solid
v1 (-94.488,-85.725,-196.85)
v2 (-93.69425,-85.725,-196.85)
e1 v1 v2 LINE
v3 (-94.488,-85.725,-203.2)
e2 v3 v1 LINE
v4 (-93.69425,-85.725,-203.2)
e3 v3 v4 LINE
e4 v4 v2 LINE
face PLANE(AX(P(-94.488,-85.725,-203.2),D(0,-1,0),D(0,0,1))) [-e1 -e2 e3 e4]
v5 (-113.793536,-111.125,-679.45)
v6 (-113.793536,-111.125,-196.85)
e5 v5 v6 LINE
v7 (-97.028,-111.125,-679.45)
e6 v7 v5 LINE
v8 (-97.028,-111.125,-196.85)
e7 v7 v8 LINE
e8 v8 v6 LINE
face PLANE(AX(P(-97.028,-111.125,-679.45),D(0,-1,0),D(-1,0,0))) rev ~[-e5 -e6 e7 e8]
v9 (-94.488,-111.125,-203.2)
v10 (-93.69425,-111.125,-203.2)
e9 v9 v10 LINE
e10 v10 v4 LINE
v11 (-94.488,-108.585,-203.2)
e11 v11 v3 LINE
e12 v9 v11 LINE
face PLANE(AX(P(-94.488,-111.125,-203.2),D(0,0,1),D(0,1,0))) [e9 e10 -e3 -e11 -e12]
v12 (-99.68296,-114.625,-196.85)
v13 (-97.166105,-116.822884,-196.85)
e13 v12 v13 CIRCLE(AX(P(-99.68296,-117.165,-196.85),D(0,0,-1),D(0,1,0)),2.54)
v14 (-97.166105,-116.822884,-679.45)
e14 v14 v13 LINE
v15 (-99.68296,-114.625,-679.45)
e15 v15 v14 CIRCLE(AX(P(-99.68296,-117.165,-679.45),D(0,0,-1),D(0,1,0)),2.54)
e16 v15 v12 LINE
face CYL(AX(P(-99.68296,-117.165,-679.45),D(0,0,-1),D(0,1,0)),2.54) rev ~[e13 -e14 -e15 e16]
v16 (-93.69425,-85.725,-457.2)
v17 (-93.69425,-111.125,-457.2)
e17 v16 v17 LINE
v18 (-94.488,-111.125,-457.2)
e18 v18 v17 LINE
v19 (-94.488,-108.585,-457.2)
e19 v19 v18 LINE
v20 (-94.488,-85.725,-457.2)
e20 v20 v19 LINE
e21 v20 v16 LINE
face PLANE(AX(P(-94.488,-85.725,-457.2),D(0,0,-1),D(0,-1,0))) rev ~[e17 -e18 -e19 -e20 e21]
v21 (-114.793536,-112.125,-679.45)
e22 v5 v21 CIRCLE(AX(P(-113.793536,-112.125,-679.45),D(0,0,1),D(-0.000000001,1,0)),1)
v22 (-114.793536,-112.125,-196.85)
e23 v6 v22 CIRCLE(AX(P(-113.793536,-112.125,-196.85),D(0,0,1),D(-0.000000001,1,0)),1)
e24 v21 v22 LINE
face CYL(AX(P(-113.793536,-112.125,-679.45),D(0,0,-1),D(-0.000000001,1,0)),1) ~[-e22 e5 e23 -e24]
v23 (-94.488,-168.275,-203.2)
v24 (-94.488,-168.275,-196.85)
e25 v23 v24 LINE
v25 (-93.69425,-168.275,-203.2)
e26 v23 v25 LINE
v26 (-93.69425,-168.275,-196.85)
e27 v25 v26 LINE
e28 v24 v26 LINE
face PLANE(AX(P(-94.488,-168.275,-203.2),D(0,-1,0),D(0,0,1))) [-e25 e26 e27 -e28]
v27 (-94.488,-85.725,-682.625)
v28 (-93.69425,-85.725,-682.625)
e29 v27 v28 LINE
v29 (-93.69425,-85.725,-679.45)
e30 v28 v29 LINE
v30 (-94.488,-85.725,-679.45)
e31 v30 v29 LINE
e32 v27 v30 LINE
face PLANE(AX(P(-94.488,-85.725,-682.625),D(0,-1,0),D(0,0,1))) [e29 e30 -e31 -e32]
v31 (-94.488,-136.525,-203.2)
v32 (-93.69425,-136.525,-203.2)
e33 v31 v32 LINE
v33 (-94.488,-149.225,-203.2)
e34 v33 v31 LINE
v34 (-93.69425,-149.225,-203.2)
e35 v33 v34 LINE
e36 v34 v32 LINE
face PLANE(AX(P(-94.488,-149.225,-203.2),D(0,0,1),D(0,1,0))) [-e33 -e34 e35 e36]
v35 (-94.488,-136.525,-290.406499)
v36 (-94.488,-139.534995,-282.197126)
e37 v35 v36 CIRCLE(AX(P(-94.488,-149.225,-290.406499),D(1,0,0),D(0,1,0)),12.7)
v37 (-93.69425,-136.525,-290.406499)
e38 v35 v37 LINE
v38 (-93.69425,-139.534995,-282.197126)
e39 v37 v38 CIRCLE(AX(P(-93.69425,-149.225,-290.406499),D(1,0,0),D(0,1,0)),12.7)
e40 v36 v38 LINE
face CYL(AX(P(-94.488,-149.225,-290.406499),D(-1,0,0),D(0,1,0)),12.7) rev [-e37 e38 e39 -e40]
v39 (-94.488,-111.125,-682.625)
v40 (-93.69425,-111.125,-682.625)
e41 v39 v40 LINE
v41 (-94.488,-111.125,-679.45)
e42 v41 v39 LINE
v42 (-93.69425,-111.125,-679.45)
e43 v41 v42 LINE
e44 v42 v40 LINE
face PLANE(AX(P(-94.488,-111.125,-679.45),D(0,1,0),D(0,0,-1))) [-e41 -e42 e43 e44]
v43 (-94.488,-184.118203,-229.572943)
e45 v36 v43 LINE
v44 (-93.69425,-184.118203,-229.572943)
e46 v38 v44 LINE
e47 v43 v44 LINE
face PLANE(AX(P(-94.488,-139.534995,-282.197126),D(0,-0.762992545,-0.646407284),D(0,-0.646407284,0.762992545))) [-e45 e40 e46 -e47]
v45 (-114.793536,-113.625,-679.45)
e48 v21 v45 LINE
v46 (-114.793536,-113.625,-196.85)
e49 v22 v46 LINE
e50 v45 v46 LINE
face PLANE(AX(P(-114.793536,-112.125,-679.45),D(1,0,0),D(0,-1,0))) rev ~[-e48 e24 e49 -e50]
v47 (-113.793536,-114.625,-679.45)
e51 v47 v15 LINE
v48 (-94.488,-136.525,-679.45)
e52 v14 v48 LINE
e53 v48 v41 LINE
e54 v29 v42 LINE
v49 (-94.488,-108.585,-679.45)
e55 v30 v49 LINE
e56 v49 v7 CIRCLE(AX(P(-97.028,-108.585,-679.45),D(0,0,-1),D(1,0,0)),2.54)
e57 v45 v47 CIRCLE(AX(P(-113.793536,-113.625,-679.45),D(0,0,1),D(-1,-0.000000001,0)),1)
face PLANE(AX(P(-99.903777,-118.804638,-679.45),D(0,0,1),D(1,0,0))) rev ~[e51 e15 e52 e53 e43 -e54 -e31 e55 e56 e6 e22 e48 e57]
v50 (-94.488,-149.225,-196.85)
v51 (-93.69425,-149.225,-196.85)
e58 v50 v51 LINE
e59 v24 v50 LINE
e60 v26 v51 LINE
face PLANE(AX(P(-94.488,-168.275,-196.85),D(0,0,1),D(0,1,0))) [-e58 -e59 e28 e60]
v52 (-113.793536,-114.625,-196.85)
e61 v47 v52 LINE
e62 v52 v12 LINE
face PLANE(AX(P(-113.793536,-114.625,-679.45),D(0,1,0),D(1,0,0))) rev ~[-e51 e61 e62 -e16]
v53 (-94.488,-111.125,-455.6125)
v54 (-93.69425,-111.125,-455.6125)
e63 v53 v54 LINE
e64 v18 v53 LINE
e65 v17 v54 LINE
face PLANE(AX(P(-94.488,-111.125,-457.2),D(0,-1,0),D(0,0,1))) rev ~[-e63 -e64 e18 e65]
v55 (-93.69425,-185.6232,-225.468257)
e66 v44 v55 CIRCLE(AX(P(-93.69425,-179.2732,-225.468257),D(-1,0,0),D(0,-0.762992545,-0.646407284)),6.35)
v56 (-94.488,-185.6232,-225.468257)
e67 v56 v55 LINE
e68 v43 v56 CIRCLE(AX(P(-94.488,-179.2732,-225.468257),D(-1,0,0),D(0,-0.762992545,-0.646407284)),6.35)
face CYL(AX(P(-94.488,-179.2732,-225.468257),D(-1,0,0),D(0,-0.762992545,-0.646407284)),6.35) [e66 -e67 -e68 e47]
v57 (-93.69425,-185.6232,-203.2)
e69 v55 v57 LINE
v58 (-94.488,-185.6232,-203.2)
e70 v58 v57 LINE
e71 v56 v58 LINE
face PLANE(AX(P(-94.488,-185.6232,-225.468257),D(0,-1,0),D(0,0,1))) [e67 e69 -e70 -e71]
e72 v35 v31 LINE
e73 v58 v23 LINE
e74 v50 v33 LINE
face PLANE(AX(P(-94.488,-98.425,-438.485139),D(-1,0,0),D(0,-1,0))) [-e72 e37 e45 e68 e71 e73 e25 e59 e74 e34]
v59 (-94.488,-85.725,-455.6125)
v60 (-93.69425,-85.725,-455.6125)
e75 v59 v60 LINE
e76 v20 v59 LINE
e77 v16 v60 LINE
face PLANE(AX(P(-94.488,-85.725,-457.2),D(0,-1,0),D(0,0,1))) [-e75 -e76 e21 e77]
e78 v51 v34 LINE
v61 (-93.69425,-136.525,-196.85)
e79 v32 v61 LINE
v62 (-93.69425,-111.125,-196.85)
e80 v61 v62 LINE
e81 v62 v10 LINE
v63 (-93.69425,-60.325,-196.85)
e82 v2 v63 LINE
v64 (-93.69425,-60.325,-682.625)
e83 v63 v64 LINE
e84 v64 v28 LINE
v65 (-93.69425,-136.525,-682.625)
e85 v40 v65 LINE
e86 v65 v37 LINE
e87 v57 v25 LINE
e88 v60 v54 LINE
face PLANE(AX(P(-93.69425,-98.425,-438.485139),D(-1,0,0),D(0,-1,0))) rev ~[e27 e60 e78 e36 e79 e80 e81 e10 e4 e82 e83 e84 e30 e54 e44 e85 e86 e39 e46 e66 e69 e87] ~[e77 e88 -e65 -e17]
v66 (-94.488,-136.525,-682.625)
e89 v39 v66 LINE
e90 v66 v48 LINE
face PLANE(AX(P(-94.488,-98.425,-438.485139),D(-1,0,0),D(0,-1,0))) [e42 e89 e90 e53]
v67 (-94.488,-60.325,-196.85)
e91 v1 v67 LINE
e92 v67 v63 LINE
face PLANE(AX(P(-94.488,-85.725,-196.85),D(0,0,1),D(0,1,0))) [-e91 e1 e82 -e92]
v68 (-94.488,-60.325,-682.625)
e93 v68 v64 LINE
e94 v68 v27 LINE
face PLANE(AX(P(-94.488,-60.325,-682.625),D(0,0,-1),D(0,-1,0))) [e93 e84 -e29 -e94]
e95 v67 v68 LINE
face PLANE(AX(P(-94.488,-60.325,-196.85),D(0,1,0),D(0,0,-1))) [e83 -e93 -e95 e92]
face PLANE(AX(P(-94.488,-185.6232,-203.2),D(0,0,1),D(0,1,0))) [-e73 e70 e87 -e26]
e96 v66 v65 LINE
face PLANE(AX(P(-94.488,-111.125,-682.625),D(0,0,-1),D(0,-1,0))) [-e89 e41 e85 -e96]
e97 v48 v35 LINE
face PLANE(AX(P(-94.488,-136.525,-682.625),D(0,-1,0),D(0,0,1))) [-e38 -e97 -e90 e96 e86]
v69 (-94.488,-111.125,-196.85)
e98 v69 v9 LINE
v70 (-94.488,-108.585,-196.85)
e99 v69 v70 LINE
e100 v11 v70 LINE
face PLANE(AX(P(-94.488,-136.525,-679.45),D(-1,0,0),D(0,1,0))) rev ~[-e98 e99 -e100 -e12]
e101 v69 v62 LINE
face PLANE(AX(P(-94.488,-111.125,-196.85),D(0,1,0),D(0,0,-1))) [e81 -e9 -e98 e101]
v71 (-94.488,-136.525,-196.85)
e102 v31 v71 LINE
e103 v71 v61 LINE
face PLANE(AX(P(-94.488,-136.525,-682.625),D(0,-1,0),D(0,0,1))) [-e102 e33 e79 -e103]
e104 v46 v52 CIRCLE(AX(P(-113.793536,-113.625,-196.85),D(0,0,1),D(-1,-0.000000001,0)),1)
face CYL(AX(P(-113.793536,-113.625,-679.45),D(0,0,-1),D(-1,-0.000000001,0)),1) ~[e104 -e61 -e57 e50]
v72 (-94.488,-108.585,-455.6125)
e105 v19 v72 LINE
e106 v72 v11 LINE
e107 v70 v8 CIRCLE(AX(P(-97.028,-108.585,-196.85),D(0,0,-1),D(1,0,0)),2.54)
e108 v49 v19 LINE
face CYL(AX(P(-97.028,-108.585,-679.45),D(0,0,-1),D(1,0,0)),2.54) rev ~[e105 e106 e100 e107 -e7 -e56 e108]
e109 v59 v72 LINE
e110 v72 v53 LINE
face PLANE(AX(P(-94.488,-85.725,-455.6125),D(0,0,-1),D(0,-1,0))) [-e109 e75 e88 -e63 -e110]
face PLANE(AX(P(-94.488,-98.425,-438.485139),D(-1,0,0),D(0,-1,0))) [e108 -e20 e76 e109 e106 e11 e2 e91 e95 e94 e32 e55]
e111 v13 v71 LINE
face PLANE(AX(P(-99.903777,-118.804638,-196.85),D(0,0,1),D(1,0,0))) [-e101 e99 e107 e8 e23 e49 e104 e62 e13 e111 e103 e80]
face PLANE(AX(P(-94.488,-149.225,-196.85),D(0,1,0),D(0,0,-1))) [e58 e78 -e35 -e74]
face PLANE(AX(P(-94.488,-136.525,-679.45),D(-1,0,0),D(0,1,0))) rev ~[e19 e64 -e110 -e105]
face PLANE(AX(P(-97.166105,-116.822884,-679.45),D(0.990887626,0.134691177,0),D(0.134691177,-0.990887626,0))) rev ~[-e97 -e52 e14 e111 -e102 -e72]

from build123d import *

# Parameters (mm, degrees)
SKETCH1_W           = 25.4
SKETCH1_H           = 1.5875
BOSS_EXTRUDE1_DEPTH = 0.79375
BOSS_EXTRUDE2_DEPTH = 482.6


with BuildPart() as part:
    # Sketch1 → Boss-Extrude1 (new body)
    # profile 1 of 2: a face of its own
    with BuildSketch(Plane(origin=(-94.488, 0, 0), x_dir=(0, -1, 0), z_dir=(-1, 0, 0))):
        Polygon((136.525, -196.85), (111.125, -196.85), (111.125, -203.2), (85.725, -203.2), (85.725, -196.85), (60.325, -196.85), (60.325, -682.625), (85.725, -682.625), (85.725, -679.45), (111.125, -679.45), (111.125, -682.625), (136.525, -682.625), align=None)
        with Locations((98.425, -456.40625)):
            Rectangle(SKETCH1_W, SKETCH1_H, mode=Mode.SUBTRACT)
    # profile 2 of 2: a face of its own
    with BuildSketch(Plane(origin=(-94.488, 0, 0), x_dir=(0, -1, 0), z_dir=(-1, 0, 0))):
        with BuildLine():
            Line((149.225, -203.2), (136.525, -203.2))
            Line((136.525, -203.2), (136.525, -290.406498707))
            ThreePointArc((136.525, -290.406498707), (137.30121982, -286.034603668), (139.534994681, -282.197126202))
            Line((139.534994681, -282.197126202), (184.118202659, -229.57294303))
            ThreePointArc((184.118202659, -229.57294303), (185.23509009, -227.654204297), (185.6232, -225.468256778))
            Line((185.6232, -225.468256778), (185.6232, -203.2))
            Line((185.6232, -203.2), (168.275, -203.2))
            Line((168.275, -203.2), (168.275, -196.85))
            Line((168.275, -196.85), (149.225, -196.85))
            Line((149.225, -196.85), (149.225, -203.2))
        make_face()
    extrude(amount=-BOSS_EXTRUDE1_DEPTH)

    # Sketch4 → Boss-Extrude2 (add)
    with BuildSketch(Plane(origin=(0, 0, -679.45), x_dir=(-1, 0, 0), z_dir=(0, 0, -1))):
        with BuildLine():
            Line((97.166105032, -116.822884411), (94.488, -136.525))
            Line((94.488, -136.525), (94.488, -114.25313135))
            Line((94.488, -114.25313135), (94.488, -111.125))
            Line((94.488, -111.125), (94.488, -108.585))
            ThreePointArc((94.488, -108.585), (95.231948776, -110.381051224), (97.028, -111.125))
            Line((97.028, -111.125), (113.793536469, -111.125))
            ThreePointArc((113.793536469, -111.125), (114.50064325, -111.417893219), (114.793536469, -112.125))
            Line((114.793536469, -112.125), (114.793536469, -113.625))
            ThreePointArc((114.793536469, -113.625), (114.50064325, -114.332106781), (113.793536469, -114.625))
            Line((113.793536469, -114.625), (99.682959601, -114.625))
            ThreePointArc((99.682959601, -114.625), (98.012237242, -115.251812399), (97.166105032, -116.822884411))
        make_face()
    extrude(amount=-BOSS_EXTRUDE2_DEPTH)


solid = part.part
